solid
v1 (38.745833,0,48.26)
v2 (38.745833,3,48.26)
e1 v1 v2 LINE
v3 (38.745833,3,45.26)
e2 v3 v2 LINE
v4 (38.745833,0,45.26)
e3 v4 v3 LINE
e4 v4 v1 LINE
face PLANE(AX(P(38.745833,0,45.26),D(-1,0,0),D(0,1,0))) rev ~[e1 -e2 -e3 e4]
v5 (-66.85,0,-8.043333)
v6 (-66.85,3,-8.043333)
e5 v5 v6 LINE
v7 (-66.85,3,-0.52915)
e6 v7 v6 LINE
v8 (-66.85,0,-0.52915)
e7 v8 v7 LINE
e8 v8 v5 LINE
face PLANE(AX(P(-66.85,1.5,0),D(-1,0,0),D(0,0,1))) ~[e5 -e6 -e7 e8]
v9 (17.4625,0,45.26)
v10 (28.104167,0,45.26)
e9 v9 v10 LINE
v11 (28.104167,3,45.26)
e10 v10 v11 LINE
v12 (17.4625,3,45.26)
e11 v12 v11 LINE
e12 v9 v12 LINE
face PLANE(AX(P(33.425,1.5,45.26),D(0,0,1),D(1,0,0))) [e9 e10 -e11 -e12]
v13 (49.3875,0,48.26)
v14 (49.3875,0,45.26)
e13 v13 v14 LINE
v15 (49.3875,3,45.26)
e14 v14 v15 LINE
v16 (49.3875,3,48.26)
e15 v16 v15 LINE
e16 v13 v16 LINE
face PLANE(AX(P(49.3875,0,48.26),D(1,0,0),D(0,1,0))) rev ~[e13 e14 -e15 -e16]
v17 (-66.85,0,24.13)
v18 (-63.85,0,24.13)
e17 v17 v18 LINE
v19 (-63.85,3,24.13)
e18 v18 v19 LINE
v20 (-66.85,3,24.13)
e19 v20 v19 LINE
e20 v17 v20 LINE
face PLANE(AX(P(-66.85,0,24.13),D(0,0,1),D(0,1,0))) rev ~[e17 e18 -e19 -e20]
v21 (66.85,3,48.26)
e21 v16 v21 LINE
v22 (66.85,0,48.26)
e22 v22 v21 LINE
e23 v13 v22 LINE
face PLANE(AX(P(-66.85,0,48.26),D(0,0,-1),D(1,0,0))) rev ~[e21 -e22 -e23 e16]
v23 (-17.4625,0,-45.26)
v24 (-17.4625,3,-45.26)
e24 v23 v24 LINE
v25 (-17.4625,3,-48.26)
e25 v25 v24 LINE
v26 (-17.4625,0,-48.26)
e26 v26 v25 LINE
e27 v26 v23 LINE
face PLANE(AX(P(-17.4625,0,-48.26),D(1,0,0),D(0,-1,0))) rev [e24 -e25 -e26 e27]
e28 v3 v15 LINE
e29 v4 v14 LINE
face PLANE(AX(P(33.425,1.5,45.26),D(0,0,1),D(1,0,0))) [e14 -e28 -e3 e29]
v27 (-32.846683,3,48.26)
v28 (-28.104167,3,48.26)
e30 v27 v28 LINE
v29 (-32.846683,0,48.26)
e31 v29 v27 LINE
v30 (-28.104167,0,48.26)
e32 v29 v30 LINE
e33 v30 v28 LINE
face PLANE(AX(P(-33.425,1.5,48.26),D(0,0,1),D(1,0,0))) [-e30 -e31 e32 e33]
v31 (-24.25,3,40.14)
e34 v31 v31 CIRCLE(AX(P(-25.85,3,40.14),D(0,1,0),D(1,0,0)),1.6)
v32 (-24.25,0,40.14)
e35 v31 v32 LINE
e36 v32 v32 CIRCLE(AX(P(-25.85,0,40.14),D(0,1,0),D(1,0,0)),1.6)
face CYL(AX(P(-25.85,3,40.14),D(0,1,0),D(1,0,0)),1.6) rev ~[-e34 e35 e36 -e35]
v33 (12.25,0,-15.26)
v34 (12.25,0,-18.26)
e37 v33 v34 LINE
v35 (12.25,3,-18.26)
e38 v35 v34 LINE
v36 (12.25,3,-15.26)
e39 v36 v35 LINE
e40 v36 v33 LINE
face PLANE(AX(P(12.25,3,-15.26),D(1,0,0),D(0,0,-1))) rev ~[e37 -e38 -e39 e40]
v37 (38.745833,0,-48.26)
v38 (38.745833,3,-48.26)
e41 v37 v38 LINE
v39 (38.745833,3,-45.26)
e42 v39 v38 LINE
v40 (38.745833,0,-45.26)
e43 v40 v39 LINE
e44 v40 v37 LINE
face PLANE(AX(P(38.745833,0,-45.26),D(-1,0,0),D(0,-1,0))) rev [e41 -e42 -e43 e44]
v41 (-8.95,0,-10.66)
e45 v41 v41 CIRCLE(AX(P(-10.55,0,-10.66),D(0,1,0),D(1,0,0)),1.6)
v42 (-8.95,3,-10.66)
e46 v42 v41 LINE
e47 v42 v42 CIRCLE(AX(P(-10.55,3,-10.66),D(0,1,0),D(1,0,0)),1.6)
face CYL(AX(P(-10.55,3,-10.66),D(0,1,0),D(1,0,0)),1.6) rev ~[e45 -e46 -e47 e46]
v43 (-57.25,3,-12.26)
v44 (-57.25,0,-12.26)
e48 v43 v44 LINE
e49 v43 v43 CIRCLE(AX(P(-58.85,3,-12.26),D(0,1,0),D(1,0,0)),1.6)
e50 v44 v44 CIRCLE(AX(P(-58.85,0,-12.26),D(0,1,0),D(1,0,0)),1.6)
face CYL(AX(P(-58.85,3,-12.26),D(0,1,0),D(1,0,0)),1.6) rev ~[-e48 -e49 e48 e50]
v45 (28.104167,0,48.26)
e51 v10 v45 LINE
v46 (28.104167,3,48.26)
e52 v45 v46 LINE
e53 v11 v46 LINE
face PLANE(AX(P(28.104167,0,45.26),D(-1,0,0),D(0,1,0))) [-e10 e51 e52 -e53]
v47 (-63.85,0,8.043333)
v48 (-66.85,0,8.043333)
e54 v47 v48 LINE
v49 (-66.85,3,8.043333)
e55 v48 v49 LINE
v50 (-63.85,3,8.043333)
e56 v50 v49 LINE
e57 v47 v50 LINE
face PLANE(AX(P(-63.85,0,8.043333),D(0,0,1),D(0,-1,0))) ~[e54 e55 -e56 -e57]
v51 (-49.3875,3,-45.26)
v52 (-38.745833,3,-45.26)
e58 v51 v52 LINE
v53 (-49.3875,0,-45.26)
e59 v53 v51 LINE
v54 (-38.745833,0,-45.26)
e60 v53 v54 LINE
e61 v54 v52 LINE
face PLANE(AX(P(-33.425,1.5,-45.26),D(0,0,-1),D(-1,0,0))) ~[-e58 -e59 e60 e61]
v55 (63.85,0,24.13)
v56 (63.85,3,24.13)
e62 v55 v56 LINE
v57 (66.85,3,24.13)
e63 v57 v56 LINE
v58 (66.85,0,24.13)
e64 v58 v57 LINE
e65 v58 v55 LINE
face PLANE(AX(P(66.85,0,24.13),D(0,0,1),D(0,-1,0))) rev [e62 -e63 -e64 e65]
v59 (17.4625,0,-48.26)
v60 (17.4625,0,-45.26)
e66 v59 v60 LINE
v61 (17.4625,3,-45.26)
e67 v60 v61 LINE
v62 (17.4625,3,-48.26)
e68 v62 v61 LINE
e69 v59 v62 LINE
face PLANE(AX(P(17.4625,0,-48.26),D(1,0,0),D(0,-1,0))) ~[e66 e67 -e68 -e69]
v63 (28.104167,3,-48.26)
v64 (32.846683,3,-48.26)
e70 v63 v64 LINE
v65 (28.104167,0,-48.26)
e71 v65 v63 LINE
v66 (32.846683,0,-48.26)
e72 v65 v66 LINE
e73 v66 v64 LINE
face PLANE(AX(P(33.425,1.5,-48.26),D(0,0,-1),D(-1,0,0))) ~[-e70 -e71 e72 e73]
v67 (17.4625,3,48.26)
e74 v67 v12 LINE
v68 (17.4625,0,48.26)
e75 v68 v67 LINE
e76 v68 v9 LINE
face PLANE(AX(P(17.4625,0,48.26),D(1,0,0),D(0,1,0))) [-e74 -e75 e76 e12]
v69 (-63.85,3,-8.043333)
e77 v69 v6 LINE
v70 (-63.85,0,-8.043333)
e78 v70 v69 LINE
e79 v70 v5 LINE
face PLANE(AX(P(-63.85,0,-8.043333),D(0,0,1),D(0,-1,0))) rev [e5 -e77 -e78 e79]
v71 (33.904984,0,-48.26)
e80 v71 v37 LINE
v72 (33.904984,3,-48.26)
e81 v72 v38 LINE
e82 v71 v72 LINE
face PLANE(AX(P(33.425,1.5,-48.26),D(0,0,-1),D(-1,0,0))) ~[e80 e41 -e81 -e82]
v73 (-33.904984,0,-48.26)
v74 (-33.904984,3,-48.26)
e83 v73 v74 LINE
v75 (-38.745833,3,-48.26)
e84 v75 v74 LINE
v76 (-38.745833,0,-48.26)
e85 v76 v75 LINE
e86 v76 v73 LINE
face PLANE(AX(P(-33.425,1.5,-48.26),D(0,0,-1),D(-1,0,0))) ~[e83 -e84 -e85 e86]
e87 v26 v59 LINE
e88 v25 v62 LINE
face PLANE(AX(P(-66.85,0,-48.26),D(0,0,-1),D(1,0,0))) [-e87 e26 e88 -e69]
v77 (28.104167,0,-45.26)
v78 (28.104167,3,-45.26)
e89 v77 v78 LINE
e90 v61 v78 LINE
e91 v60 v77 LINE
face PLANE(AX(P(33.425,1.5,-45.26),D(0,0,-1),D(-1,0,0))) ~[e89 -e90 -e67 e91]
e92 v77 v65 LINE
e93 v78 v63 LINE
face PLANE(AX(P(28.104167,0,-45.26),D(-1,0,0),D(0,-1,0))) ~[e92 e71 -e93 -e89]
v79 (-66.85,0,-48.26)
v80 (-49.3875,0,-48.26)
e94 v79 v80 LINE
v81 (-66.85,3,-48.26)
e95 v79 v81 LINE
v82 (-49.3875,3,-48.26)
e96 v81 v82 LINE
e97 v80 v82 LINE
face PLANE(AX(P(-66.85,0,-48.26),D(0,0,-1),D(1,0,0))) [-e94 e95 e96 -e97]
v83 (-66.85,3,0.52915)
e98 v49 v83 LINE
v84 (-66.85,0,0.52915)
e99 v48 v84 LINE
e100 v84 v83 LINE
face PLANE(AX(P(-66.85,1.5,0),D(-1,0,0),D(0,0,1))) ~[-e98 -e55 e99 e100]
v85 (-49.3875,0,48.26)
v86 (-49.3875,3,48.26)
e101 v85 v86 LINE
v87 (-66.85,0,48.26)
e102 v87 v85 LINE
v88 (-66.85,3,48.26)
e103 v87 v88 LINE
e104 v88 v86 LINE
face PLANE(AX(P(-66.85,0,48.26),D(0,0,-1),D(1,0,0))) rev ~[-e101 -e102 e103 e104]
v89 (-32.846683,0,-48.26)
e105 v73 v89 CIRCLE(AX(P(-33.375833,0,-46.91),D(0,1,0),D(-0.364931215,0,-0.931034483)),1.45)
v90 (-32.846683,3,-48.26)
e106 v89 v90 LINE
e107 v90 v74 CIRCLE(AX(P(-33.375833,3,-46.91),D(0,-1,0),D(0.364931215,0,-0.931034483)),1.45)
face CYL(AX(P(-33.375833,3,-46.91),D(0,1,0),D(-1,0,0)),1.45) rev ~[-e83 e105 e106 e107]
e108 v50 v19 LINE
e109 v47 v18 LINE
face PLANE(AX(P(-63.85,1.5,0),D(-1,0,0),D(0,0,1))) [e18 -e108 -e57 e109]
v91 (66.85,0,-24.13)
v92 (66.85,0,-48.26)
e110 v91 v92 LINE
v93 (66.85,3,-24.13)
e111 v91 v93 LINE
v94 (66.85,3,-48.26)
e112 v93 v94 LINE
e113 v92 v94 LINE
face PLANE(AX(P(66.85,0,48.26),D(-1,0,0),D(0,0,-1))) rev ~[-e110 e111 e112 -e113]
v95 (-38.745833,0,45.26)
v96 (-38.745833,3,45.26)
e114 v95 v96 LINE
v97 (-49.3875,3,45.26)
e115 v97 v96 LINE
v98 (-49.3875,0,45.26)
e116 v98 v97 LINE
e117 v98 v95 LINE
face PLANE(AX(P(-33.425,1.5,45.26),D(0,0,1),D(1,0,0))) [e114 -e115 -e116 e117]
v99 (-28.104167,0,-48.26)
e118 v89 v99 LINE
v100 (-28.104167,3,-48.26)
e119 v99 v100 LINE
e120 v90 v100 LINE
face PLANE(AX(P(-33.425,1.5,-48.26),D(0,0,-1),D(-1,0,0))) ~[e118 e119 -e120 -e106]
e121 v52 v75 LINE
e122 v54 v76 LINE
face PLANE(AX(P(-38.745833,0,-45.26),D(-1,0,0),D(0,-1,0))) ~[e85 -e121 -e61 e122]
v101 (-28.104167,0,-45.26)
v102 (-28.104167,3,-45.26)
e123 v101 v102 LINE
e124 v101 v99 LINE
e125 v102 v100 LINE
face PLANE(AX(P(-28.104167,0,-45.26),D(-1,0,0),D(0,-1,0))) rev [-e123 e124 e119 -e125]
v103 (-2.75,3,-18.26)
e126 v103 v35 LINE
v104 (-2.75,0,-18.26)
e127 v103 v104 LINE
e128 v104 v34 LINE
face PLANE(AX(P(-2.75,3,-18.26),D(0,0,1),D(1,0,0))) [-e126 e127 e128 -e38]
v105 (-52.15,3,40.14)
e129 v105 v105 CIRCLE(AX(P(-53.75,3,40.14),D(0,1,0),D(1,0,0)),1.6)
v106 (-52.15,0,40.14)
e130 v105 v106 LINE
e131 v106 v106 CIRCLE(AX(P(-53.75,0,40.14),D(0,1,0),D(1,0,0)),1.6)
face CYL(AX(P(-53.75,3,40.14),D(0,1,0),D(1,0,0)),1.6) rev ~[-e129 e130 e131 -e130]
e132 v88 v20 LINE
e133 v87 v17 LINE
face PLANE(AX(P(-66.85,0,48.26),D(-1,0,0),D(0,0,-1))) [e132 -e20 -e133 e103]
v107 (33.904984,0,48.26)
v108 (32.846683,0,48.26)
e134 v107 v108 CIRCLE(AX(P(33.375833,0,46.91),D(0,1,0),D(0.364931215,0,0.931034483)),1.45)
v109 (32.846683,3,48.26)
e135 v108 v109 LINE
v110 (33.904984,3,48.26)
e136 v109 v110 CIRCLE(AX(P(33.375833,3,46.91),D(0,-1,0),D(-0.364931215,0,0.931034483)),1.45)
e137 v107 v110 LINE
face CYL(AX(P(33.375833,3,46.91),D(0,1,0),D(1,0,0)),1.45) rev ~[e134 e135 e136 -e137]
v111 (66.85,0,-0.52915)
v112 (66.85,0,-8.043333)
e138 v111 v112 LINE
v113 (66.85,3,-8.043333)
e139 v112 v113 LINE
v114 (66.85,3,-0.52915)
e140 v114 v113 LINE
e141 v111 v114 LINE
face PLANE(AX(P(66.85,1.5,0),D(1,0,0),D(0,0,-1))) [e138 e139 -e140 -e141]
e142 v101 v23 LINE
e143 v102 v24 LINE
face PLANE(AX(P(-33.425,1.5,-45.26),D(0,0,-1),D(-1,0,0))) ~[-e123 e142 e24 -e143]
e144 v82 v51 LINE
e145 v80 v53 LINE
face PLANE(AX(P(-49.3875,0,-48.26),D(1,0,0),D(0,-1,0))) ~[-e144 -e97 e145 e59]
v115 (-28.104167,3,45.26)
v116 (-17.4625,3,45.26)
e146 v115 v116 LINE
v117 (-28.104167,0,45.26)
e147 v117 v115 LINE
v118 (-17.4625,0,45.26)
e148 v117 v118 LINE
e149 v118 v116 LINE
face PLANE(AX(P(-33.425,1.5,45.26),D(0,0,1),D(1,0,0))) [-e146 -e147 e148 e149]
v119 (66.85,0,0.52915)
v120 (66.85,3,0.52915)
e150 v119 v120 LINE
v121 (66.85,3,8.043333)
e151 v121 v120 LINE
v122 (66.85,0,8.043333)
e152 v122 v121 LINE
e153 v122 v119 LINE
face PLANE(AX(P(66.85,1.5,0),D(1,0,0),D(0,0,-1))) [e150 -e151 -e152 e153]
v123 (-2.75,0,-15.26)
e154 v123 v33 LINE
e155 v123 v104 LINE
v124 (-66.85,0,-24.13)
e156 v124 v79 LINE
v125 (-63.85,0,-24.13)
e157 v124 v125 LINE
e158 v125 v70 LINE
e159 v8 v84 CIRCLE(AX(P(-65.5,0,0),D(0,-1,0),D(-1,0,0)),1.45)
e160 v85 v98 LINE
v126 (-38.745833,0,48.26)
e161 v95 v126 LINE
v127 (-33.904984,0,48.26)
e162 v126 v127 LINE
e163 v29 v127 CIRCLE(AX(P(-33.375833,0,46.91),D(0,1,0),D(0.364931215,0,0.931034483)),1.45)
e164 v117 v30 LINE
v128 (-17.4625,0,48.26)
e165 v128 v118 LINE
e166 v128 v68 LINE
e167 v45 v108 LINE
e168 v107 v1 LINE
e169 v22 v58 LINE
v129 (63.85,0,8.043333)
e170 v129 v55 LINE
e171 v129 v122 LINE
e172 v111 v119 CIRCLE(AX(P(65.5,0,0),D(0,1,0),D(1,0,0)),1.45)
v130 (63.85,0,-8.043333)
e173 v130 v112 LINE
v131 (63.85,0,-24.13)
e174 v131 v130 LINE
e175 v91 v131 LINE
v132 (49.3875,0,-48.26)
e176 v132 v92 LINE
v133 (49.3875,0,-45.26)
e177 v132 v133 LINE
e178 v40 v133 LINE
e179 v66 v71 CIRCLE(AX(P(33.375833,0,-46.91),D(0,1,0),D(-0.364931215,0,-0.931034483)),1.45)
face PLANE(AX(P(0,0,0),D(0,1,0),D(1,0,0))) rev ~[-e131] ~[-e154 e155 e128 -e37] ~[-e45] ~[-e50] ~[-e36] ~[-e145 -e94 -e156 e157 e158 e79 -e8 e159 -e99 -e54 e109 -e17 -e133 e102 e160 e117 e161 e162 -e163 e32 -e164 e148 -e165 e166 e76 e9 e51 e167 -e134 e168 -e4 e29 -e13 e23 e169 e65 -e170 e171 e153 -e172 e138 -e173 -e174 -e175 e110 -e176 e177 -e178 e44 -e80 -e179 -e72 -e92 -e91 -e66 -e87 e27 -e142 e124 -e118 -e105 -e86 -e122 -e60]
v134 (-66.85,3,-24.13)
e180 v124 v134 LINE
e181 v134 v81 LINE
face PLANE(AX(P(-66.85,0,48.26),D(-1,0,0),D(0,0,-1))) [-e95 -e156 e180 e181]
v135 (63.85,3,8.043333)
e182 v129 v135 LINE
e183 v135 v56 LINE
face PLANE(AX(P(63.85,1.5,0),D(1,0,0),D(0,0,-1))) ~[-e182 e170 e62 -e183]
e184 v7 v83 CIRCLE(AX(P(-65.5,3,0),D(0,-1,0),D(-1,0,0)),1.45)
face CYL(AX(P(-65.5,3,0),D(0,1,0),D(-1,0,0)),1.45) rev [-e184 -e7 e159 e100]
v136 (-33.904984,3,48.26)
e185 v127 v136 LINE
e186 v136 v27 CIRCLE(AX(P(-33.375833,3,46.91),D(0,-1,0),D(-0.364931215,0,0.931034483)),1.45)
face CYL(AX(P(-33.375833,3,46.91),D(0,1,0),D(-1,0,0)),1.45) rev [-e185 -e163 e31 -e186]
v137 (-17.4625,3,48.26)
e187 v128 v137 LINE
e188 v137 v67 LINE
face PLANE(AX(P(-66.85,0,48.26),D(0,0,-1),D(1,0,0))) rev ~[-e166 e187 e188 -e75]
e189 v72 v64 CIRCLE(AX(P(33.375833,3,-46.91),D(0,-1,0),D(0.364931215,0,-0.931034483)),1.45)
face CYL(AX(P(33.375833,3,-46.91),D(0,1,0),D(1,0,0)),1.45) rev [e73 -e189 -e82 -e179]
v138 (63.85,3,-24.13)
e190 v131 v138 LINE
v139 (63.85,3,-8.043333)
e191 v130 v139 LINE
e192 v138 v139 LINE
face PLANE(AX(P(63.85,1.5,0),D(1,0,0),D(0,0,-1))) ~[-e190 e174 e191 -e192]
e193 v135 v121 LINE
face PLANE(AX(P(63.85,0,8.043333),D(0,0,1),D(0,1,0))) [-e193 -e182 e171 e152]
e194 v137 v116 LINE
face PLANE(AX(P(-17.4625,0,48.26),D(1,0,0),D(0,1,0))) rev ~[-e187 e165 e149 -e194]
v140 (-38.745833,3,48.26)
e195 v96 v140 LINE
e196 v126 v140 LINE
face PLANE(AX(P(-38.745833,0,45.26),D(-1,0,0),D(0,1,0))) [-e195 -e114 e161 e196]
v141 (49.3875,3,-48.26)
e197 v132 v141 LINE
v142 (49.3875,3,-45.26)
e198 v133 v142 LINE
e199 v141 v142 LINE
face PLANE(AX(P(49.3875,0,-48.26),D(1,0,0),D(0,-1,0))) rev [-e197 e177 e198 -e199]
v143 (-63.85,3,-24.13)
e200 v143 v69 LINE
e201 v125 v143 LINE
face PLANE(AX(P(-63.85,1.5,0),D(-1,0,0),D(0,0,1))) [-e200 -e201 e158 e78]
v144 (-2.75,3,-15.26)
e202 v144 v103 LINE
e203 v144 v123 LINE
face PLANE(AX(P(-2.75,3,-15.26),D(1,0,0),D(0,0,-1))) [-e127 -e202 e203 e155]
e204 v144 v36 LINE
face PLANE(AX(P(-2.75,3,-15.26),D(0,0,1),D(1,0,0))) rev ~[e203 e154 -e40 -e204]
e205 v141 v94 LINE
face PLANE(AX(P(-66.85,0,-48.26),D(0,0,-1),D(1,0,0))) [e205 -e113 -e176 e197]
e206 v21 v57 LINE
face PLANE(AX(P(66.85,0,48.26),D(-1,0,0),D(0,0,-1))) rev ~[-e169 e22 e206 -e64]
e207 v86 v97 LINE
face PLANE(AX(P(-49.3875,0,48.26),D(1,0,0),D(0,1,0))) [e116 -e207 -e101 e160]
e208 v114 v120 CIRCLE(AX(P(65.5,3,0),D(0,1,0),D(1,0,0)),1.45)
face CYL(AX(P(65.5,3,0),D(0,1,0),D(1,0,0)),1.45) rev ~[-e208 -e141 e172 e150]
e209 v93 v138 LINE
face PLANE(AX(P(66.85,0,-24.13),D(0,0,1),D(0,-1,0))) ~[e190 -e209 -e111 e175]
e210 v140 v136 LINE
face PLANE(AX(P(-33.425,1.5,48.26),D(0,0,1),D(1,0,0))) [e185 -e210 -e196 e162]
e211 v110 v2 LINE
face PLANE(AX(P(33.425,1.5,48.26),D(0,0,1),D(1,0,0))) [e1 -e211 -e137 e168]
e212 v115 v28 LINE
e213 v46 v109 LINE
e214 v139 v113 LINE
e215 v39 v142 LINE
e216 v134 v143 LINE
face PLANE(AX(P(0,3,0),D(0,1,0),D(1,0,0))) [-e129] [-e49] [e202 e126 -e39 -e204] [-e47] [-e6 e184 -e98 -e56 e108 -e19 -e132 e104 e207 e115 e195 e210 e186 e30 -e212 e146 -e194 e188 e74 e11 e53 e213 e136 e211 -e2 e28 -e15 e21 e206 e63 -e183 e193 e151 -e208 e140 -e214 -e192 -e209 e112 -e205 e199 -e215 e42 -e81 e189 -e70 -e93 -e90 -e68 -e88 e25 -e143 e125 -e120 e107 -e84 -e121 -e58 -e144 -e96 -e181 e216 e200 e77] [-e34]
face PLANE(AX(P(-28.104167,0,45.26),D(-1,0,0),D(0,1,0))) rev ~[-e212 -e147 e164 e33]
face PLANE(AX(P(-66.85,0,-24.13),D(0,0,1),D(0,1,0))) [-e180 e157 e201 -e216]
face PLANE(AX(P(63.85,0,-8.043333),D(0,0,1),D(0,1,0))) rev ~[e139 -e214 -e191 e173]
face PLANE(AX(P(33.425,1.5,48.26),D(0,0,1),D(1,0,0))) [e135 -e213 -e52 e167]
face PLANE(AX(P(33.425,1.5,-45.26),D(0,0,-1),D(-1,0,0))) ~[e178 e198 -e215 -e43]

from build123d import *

# Parameters (mm, degrees)
SKETCH1_W                = 133.7
SKETCH1_H                = 96.52
BOSS_EXTRUDE2_DEPTH      = 3
SKETCH6_W                = 48.26
SKETCH6_H                = 3
CUT_EXTRUDE2_DEPTH       = 3
SKETCH9_W                = 16.086666666
SKETCH9_H                = 3
BOSS_EXTRUDE4_DEPTH      = 3
SKETCH11_W               = 31.925
SKETCH11_H               = 3
CUT_EXTRUDE8_DEPTH       = 3
SKETCH15_W               = 10.641666666
SKETCH15_H               = 3
BOSS_EXTRUDE7_DEPTH      = 3
SKETCH18_W               = 31.925
SKETCH18_H               = 3
CUT_EXTRUDE10_DEPTH      = 3
SKETCH19_W               = 10.64166667
SKETCH19_H               = 3
BOSS_EXTRUDE8_DEPTH      = 3
SKETCH21_R               = 1.45
CUT_EXTRUDE11_DEPTH      = 3
MIRROR16_COPY_1_SKETCH_R = 1.45
MIRROR16_COPY_1_DEPTH    = 3
SKETCH22_R               = 1.45
CUT_EXTRUDE19_DEPTH      = 3
SKETCH24_R               = 1.6
CUT_EXTRUDE20_DEPTH      = 3
SKETCH25_W               = 15
SKETCH25_H               = 3
CUT_EXTRUDE21_DEPTH      = 3


with BuildPart() as part:
    # Sketch1 → Boss-Extrude2 (new body)
    with BuildSketch(Plane(origin=(0, 0, 0), x_dir=(1, 0, 0), z_dir=(0, 1, 0))):
        Rectangle(SKETCH1_W, SKETCH1_H)
    extrude(amount=BOSS_EXTRUDE2_DEPTH)

    # Sketch6 → Cut-Extrude2 (cut)
    with BuildSketch(Plane.ZY.offset(66.85)):
        with Locations((0, 1.5)):
            Rectangle(SKETCH6_W, SKETCH6_H)
    cut_extrude2 = extrude(amount=-CUT_EXTRUDE2_DEPTH, mode=Mode.SUBTRACT)

    # Mirror3: Cut-Extrude2 across plane
    add(cut_extrude2.mirror(Plane(origin=(0, 0, 0), x_dir=(0, 0, 1), z_dir=(1, 0, 0))), mode=Mode.SUBTRACT)

    # Sketch9 → Boss-Extrude4 (add)
    with BuildSketch(Plane(origin=(63.85, 0, 0), x_dir=(0, 0, -1), z_dir=(1, 0, 0))):
        with Locations((0, 1.5)):
            Rectangle(SKETCH9_W, SKETCH9_H)
    boss_extrude4 = extrude(amount=BOSS_EXTRUDE4_DEPTH)

    # Mirror5: Boss-Extrude4 across plane
    add(boss_extrude4.mirror(Plane(origin=(0, 0, 0), x_dir=(0, 0, 1), z_dir=(1, 0, 0))))

    # Sketch11 → Cut-Extrude8 (cut)
    with BuildSketch(Plane.XY.offset(48.26)):
        with Locations((-33.425, 1.5)):
            Rectangle(SKETCH11_W, SKETCH11_H)
    cut_extrude8 = extrude(amount=-CUT_EXTRUDE8_DEPTH, mode=Mode.SUBTRACT)

    # Sketch15 → Boss-Extrude7 (add)
    with BuildSketch(Plane.XY.offset(45.26)):
        with Locations((-33.425, 1.5)):
            Rectangle(SKETCH15_W, SKETCH15_H)
    boss_extrude7 = extrude(amount=BOSS_EXTRUDE7_DEPTH)

    # Mirror11: Cut-Extrude8 across plane
    add(cut_extrude8.mirror(Plane.XY), mode=Mode.SUBTRACT)

    # Mirror12: Boss-Extrude7 across plane
    add(boss_extrude7.mirror(Plane.XY))

    # Sketch18 → Cut-Extrude10 (cut)
    with BuildSketch(Plane.XY.offset(48.26)):
        with Locations((33.425, 1.5)):
            Rectangle(SKETCH18_W, SKETCH18_H)
    cut_extrude10 = extrude(amount=-CUT_EXTRUDE10_DEPTH, mode=Mode.SUBTRACT)

    # Sketch19 → Boss-Extrude8 (add)
    with BuildSketch(Plane.XY.offset(45.26)):
        with Locations((33.425, 1.5)):
            Rectangle(SKETCH19_W, SKETCH19_H)
    boss_extrude8 = extrude(amount=BOSS_EXTRUDE8_DEPTH)

    # Mirror13: Cut-Extrude10 across plane
    add(cut_extrude10.mirror(Plane.XY), mode=Mode.SUBTRACT)

    # Mirror14: Boss-Extrude8 across plane
    add(boss_extrude8.mirror(Plane.XY))

    # Sketch21 → Cut-Extrude11 (cut)
    with BuildSketch(Plane(origin=(0, 3, 0), x_dir=(1, 0, 0), z_dir=(0, 1, 0))):
        with Locations((33.375833335, -46.91)):
            Circle(SKETCH21_R)
    cut_extrude11 = extrude(amount=-CUT_EXTRUDE11_DEPTH, mode=Mode.SUBTRACT)

    # Mirror15: Cut-Extrude11 across plane
    add(cut_extrude11.mirror(Plane.XY), mode=Mode.SUBTRACT)

    # Mirror16: Cut-Extrude11 across plane
    add(cut_extrude11.mirror(Plane(origin=(0, 0, 0), x_dir=(0, 0, 1), z_dir=(1, 0, 0))), mode=Mode.SUBTRACT)

    # Mirror16 copy 1 sketch → Mirror16 copy 1 (cut)
    with BuildSketch(Plane(origin=(0, 3, 0), x_dir=(-1, 0, 0), z_dir=(0, 1, 0))):
        with Locations((33.375833335, -46.91)):
            Circle(MIRROR16_COPY_1_SKETCH_R)
    extrude(amount=-MIRROR16_COPY_1_DEPTH, mode=Mode.SUBTRACT)

    # Sketch22 → Cut-Extrude19 (cut)
    with BuildSketch(Plane(origin=(0, 3, 0), x_dir=(1, 0, 0), z_dir=(0, 1, 0))):
        with Locations((65.5, 0)):
            Circle(SKETCH22_R)
    cut_extrude19 = extrude(amount=-CUT_EXTRUDE19_DEPTH, mode=Mode.SUBTRACT)

    # Mirror17: Cut-Extrude19 across plane
    add(cut_extrude19.mirror(Plane(origin=(0, 0, 0), x_dir=(0, 0, 1), z_dir=(1, 0, 0))), mode=Mode.SUBTRACT)

    # Sketch24 → Cut-Extrude20 (cut)
    with BuildSketch(Plane(origin=(0, 3, 0), x_dir=(1, 0, 0), z_dir=(0, 1, 0))):
        with Locations((-53.75, -40.14)):
            Circle(SKETCH24_R)
        with Locations((-25.85, -40.14)):
            Circle(SKETCH24_R)
        with Locations((-10.55, 10.66)):
            Circle(SKETCH24_R)
        with Locations((-58.85, 12.26)):
            Circle(SKETCH24_R)
    extrude(amount=-CUT_EXTRUDE20_DEPTH, mode=Mode.SUBTRACT)

    # Sketch25 → Cut-Extrude21 (cut)
    with BuildSketch(Plane(origin=(0, 3, 0), x_dir=(1, 0, 0), z_dir=(0, 1, 0))):
        with Locations((4.75, 16.76)):
            Rectangle(SKETCH25_W, SKETCH25_H)
    extrude(amount=-CUT_EXTRUDE21_DEPTH, mode=Mode.SUBTRACT)


solid = part.part
